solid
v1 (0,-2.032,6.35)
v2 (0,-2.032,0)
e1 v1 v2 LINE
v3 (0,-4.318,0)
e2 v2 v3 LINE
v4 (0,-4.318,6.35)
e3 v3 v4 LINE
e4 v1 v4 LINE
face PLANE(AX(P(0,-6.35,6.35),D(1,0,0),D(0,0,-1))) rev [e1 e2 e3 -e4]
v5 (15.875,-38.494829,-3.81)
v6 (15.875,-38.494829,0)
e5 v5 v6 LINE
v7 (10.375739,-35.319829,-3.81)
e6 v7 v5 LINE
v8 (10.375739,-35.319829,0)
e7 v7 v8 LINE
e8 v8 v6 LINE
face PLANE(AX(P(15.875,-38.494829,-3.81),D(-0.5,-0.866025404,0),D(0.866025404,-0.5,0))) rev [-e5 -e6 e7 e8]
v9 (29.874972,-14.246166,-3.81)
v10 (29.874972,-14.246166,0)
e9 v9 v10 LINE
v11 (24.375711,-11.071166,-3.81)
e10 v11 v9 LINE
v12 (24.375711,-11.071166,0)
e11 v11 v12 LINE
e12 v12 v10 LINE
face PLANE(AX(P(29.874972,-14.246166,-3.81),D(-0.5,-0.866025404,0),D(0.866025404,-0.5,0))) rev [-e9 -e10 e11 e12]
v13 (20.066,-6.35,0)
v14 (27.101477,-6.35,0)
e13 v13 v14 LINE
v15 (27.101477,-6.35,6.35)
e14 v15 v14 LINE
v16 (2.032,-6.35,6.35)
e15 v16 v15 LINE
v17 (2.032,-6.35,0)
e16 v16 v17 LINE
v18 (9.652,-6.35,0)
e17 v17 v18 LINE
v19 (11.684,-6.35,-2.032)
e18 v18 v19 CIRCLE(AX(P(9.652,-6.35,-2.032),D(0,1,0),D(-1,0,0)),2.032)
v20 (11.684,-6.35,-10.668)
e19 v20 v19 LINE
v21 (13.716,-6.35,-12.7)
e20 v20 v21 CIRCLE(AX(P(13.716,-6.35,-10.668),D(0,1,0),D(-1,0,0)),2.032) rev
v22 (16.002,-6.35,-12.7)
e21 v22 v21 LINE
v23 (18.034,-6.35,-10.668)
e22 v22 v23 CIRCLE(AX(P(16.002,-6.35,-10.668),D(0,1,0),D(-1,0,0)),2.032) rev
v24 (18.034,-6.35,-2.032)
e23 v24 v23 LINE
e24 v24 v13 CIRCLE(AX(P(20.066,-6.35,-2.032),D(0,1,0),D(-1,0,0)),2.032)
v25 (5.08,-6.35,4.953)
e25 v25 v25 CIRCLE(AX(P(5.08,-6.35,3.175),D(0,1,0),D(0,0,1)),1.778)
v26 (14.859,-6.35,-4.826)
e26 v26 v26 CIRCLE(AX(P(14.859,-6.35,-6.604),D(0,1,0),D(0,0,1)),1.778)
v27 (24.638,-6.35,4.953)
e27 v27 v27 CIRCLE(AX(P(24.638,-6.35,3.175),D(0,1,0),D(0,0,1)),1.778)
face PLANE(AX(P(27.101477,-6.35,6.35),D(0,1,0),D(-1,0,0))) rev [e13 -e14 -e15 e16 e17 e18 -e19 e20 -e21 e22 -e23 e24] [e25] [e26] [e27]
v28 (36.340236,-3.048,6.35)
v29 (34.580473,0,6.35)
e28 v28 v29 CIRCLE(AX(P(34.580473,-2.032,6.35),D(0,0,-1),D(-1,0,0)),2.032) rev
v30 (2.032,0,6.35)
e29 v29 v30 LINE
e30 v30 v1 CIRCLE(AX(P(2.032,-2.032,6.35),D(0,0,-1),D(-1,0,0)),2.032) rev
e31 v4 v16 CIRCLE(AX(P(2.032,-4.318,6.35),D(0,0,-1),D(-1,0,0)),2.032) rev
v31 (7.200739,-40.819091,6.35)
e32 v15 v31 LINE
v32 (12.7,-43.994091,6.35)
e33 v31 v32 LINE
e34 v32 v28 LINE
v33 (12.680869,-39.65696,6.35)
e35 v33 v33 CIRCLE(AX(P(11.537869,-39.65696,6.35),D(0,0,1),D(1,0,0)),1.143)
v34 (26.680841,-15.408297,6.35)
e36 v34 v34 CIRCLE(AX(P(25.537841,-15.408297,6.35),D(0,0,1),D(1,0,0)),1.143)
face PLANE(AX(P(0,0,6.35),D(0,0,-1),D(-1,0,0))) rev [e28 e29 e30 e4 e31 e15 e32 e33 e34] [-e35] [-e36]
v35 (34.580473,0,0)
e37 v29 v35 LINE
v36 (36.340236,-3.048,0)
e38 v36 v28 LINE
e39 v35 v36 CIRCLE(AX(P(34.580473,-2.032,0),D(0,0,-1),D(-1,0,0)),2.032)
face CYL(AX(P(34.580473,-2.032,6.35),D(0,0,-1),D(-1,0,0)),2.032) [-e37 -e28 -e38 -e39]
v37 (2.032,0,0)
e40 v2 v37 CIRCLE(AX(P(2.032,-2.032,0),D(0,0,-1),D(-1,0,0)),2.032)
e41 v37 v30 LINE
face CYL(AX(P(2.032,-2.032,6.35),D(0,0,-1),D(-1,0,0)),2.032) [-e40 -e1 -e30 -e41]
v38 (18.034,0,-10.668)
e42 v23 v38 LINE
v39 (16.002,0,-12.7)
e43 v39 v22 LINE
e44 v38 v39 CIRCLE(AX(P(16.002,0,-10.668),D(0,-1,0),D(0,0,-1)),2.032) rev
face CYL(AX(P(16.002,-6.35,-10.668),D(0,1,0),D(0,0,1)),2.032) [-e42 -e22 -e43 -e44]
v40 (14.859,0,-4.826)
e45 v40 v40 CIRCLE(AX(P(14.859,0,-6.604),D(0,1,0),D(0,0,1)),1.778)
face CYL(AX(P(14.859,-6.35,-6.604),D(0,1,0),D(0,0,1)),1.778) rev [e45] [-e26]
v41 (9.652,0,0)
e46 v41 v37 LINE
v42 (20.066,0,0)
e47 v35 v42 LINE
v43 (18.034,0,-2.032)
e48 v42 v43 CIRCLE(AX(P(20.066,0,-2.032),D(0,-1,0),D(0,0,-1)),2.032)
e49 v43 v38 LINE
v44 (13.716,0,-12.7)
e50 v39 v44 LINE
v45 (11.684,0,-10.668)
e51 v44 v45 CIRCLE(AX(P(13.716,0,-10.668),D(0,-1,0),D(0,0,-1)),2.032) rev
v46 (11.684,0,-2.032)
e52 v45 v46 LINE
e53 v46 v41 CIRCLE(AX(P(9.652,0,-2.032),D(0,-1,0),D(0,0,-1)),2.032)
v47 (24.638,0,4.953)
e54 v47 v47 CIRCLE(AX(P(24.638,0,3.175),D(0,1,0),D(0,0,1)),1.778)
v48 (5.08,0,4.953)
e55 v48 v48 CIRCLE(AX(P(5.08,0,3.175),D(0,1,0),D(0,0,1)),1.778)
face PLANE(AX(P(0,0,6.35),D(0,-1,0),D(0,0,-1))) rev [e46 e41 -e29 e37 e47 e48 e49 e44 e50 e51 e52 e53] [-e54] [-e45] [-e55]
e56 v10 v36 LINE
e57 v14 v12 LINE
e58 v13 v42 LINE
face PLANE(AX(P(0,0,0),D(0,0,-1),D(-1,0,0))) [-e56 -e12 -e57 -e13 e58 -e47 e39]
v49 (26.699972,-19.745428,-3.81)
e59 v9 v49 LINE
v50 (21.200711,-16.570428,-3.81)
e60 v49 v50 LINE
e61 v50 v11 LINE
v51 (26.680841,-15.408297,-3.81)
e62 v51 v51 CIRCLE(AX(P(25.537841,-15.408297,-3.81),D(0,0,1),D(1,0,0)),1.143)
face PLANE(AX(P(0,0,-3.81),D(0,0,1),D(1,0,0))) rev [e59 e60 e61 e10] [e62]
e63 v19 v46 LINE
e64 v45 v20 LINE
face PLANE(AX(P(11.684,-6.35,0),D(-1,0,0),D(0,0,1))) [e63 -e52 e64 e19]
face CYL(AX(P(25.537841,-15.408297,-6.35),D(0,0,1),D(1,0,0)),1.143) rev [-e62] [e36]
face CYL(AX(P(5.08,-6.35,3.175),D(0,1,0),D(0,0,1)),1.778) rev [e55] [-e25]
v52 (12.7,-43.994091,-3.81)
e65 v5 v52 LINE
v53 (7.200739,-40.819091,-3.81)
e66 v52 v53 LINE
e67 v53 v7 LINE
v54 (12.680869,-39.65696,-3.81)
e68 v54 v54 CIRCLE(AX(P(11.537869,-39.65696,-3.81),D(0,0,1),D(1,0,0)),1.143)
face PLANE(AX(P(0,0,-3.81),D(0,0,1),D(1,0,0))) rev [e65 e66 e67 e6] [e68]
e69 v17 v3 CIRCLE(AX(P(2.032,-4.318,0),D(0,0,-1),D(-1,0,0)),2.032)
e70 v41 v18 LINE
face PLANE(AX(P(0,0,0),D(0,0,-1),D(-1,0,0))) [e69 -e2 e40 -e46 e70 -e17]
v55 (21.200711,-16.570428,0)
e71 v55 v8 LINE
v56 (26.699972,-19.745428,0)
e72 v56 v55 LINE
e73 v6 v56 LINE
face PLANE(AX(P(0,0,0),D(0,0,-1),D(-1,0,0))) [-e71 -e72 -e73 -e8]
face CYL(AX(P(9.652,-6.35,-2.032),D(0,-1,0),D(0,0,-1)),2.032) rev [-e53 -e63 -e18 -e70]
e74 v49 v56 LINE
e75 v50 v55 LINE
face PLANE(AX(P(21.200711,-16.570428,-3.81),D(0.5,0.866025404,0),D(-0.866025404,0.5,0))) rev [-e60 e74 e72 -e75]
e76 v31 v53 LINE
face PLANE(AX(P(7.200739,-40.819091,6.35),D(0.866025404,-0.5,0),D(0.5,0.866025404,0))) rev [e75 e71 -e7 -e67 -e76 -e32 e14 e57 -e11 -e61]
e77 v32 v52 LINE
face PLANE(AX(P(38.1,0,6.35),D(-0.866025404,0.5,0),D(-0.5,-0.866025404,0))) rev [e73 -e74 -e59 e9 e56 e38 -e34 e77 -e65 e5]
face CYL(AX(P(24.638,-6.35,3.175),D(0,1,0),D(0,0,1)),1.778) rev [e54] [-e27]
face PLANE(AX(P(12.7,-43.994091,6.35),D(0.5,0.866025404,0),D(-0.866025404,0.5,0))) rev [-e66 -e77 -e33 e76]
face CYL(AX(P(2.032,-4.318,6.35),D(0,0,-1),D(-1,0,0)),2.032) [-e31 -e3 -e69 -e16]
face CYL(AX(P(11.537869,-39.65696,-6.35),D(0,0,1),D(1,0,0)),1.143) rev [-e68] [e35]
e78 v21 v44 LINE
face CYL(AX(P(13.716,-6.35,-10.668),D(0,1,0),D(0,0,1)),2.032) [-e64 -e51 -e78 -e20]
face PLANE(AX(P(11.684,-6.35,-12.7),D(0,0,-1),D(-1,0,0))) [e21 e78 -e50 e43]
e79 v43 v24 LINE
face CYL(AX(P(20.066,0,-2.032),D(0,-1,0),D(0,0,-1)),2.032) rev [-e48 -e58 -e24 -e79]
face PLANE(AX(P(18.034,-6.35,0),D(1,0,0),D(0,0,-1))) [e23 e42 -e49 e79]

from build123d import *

# Parameters (mm, degrees)
BOSS_EXTRUDE2_DEPTH = 6.35
SKETCH5_R           = 1.778
CUT_EXTRUDE1_DEPTH  = 6.35
SKETCH7_W           = 6.35
SKETCH7_H           = 12.7
BOSS_EXTRUDE3_DEPTH = 6.35
SKETCH8_R           = 1.778
CUT_EXTRUDE3_DEPTH  = 6.35
SKETCH9_R           = 1.143
CUT_EXTRUDE4_DEPTH  = 12.7
BOSS_EXTRUDE5_DEPTH = 3.81
FILLET1_R           = 2.032
SKETCH12_R          = 1.143
CUT_EXTRUDE5_DEPTH  = 12.7


with BuildPart() as part:
    # Sketch2 → Boss-Extrude2 (new body)
    with BuildSketch(Plane.XY):
        Polygon((0, 0), (38.1, 0), (12.7, -43.994090512), (7.200738686, -40.819090512), (27.101477372, -6.35), (0, -6.35), align=None)
    extrude(amount=BOSS_EXTRUDE2_DEPTH)

    # Sketch5 → Cut-Extrude1 (cut)
    with BuildSketch(Plane(origin=(0, 0, 0), x_dir=(1, 0, 0), z_dir=(0, 1, 0))):
        with Locations((5.08, -3.175)):
            Circle(SKETCH5_R)
        with Locations((24.638, -3.175)):
            Circle(SKETCH5_R)
    extrude(amount=-CUT_EXTRUDE1_DEPTH, mode=Mode.SUBTRACT)

    # Sketch7 → Boss-Extrude3 (add)
    with BuildSketch(Plane(origin=(0, 0, 0), x_dir=(1, 0, 0), z_dir=(0, 1, 0))):
        with Locations((14.859, 6.35)):
            Rectangle(SKETCH7_W, SKETCH7_H)
    extrude(amount=-BOSS_EXTRUDE3_DEPTH)

    # Sketch8 → Cut-Extrude3 (cut)
    with BuildSketch(Plane(origin=(0, 0, 0), x_dir=(1, 0, 0), z_dir=(0, 1, 0))):
        with Locations((14.859, 6.604)):
            Circle(SKETCH8_R)
    extrude(amount=-CUT_EXTRUDE3_DEPTH, mode=Mode.SUBTRACT)

    # Sketch9 → Cut-Extrude4 (cut)
    with BuildSketch(Plane.XY.offset(6.35)):
        with Locations((11.537869343, -39.656959855)):
            Circle(SKETCH9_R)
        with Locations((25.537841343, -15.408297047)):
            Circle(SKETCH9_R)
    extrude(amount=-CUT_EXTRUDE4_DEPTH, mode=Mode.SUBTRACT)

    # Sketch11 → Boss-Extrude5 (add)
    with BuildSketch(Plane(origin=(0, 0, 0), x_dir=(-1, 0, 0), z_dir=(0, 0, -1))):
        Polygon((-29.874972, -14.24616639), (-24.375710686, -11.07116639), (-21.200710686, -16.570427704), (-26.699972, -19.745427704), align=None)
        Polygon((-15.875, -38.494829198), (-10.375738686, -35.319829198), (-7.200738686, -40.819090512), (-12.7, -43.994090512), align=None)
    extrude(amount=BOSS_EXTRUDE5_DEPTH)

    # Fillet1
    fillet1_edges = [part.edges().sort_by_distance(p)[0] for p in [
        (0, 0, 3.175),
        (38.1, 0, 3.175),
        (0, -6.35, 3.175),
        (11.684, -3.175, 0),
        (11.684, -3.175, -12.7),
        (18.034, -3.175, -12.7),
        (18.034, -3.175, 0),
    ]]
    fillet(fillet1_edges, radius=FILLET1_R)

    # Sketch12 → Cut-Extrude5 (cut)
    with BuildSketch(Plane.XY.offset(6.35)):
        with Locations((25.537841343, -15.408297047)):
            Circle(SKETCH12_R)
        with Locations((11.537869343, -39.656959855)):
            Circle(SKETCH12_R)
    extrude(amount=-CUT_EXTRUDE5_DEPTH, mode=Mode.SUBTRACT)


solid = part.part
